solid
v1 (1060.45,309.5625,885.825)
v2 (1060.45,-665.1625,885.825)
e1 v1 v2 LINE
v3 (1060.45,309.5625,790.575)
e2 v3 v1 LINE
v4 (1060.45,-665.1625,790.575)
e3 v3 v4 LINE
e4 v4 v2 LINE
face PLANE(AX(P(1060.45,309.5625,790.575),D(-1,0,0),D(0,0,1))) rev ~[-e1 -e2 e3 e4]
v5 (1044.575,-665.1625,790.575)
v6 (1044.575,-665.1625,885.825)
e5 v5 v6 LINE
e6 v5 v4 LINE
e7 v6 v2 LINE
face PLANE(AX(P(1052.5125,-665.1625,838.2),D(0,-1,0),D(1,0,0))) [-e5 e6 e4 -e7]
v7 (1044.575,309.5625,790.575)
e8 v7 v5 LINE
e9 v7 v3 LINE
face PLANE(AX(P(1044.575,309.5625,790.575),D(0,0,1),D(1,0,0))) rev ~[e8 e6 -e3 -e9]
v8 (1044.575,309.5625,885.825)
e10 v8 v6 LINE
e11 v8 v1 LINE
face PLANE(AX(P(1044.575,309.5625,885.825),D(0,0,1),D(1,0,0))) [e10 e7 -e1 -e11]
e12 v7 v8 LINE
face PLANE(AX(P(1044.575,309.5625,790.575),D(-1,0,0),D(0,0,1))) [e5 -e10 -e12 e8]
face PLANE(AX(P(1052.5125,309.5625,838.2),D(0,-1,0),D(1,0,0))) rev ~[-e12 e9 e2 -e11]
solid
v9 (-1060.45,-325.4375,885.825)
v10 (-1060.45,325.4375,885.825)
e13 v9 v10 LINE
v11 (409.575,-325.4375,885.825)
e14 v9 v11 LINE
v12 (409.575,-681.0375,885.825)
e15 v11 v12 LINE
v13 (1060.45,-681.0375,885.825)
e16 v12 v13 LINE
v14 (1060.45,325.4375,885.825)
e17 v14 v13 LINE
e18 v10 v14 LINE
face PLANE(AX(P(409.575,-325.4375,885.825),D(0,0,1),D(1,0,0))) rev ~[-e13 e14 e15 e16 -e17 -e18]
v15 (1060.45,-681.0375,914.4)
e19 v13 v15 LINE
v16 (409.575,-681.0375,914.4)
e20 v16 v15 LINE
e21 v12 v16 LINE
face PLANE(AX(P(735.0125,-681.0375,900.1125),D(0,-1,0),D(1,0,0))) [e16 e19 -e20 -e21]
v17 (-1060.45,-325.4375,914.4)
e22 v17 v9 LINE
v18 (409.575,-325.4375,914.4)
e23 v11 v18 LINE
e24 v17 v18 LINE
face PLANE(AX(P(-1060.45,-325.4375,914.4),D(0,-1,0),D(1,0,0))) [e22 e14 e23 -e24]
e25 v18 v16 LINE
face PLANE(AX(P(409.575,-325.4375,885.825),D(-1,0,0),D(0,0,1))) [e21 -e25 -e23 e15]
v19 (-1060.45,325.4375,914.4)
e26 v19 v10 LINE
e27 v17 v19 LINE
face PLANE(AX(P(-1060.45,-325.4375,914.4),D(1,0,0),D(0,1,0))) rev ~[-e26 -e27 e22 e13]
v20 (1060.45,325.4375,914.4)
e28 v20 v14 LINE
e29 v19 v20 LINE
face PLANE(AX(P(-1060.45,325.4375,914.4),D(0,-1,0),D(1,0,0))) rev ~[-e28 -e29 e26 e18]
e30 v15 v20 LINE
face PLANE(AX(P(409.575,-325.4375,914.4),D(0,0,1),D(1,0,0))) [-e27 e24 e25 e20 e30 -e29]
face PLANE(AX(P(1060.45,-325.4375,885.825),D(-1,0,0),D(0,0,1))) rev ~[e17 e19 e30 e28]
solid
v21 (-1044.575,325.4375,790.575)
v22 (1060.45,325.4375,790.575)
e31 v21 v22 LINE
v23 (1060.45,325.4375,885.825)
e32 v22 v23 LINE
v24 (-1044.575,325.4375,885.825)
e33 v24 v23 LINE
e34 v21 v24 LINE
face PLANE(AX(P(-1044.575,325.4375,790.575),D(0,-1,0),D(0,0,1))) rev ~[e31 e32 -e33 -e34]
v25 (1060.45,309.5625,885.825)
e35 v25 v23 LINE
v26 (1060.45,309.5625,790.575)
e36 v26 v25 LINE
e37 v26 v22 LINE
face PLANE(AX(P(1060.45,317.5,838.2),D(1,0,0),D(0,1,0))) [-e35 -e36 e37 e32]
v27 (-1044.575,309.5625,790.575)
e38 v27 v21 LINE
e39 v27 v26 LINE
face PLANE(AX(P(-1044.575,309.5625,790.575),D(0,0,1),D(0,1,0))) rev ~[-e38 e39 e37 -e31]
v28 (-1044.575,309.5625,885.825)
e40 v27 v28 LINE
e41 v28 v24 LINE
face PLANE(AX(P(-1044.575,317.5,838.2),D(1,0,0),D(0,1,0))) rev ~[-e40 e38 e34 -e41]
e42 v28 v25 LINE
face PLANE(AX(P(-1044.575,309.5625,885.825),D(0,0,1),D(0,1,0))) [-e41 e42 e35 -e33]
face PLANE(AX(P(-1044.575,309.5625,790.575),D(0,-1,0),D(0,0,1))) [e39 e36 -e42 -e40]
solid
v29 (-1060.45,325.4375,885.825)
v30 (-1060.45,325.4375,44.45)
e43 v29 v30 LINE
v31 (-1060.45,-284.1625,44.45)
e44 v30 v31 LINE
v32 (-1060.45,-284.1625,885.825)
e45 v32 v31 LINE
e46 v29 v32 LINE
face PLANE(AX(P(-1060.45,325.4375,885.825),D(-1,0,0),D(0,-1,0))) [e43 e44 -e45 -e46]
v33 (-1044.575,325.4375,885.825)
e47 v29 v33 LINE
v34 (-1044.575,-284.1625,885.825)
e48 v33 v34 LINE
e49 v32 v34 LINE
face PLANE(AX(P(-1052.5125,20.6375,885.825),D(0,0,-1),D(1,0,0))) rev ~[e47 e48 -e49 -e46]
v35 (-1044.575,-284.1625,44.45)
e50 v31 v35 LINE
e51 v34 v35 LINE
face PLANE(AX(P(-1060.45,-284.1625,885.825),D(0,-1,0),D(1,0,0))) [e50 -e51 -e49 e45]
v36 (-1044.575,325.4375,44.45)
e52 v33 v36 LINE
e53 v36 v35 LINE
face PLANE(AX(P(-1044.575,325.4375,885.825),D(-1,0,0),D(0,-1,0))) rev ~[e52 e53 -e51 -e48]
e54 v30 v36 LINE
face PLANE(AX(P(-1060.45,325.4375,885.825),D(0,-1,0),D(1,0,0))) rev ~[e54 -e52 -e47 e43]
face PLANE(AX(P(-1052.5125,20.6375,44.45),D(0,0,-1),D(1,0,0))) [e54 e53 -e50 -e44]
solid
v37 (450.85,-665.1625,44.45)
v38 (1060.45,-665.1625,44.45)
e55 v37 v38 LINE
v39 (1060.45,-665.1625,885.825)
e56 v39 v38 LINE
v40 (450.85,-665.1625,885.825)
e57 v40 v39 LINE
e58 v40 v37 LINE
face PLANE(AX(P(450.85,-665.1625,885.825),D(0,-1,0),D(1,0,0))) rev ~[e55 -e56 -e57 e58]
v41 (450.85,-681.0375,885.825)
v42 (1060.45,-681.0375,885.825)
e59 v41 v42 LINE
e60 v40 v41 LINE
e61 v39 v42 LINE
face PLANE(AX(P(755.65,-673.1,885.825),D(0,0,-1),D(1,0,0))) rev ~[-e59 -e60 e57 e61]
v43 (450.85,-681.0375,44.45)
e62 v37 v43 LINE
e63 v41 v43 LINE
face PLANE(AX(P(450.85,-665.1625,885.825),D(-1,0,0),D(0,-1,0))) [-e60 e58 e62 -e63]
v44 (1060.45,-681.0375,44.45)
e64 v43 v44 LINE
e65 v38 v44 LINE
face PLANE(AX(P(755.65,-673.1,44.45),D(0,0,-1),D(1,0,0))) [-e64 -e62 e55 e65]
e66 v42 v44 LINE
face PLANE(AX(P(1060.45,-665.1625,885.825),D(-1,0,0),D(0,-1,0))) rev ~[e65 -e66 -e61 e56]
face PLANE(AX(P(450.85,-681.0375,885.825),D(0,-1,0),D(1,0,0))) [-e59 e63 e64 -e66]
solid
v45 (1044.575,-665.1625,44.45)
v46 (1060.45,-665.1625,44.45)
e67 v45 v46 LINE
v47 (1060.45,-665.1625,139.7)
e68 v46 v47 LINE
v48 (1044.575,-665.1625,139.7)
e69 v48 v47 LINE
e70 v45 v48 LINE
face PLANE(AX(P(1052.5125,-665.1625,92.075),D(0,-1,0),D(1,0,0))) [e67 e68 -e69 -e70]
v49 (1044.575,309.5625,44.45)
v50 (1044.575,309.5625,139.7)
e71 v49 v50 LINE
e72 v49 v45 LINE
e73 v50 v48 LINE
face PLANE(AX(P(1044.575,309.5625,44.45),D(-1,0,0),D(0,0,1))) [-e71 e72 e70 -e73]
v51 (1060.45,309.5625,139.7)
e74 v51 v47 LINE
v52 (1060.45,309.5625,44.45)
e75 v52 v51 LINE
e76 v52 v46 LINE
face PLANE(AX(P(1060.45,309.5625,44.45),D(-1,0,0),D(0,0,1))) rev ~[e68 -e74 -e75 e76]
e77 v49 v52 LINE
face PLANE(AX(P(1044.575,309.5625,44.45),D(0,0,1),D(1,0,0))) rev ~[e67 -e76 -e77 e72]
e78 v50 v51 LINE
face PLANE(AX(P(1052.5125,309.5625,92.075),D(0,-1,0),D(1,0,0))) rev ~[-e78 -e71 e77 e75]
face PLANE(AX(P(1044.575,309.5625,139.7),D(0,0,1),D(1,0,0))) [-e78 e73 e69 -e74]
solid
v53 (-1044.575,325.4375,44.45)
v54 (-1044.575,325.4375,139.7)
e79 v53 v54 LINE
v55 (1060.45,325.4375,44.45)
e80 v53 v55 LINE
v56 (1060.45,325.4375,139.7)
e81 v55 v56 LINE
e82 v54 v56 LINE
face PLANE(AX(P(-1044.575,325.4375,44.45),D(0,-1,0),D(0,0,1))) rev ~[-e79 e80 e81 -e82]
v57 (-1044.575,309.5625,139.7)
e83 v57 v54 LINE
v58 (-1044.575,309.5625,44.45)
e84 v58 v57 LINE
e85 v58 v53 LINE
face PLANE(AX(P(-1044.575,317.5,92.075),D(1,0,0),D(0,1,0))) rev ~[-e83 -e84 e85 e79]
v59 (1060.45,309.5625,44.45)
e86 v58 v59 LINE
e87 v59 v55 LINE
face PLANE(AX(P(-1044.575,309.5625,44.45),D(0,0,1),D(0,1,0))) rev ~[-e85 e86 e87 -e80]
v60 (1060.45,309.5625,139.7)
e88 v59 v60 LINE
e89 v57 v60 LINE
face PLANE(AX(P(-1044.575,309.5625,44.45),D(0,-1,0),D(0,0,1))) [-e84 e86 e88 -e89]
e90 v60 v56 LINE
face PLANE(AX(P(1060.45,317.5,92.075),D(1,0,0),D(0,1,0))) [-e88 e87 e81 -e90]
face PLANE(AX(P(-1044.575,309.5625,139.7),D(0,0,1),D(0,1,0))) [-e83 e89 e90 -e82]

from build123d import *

# Parameters (mm, degrees)
F1_W      = 2120.9
F1_H      = 650.875
F2_DEPTH  = 28.575
F3_W      = 650.875
F3_H      = 28.575
F4_DEPTH  = 355.6
F5_W      = 15.875
F5_H      = 609.6
F6_DEPTH  = 841.375
F7_W      = 609.6
F7_H      = 15.875
F8_DEPTH  = 841.375
F9_W      = 15.875
F9_H      = 95.25
F10_DEPTH = 2105.025
F11_W     = 15.875
F11_H     = 95.25
F12_DEPTH = 2105.025
F13_W     = 15.875
F13_H     = 95.25
F14_DEPTH = 974.725
F15_W     = 15.875
F15_H     = 95.25
F16_DEPTH = 974.725


with BuildPart() as f2:
    # F1 (on offset) → F2 (new body)
    with BuildSketch(Plane.XY.offset(914.4)):
        Rectangle(F1_W, F1_H)
    extrude(amount=-F2_DEPTH)

    # F3 (on face) → F4 (join)
    with BuildSketch(Plane.XZ.offset(325.4375)):
        with Locations((735.0125, 900.1125)):
            Rectangle(F3_W, F3_H)
    extrude(amount=F4_DEPTH)


with BuildPart() as f6:
    # F5 (on face) → F6 (new body)
    with BuildSketch(Plane(origin=(0, 0, 885.825), x_dir=(1, 0, 0), z_dir=(0, 0, -1))):
        with Locations((-1052.5125, -20.6375)):
            Rectangle(F5_W, F5_H)
    extrude(amount=F6_DEPTH)


with BuildPart() as f8:
    # F7 (on face) → F8 (new body)
    with BuildSketch(Plane(origin=(0, 0, 885.825), x_dir=(1, 0, 0), z_dir=(0, 0, -1))):
        with Locations((755.65, 673.1)):
            Rectangle(F7_W, F7_H)
    extrude(amount=F8_DEPTH)


with BuildPart() as f10:
    # F9 (on face) → F10 (new body)
    with BuildSketch(Plane.YZ.offset(-1044.575)):
        with Locations((317.5, 838.2)):
            Rectangle(F9_W, F9_H)
    extrude(amount=F10_DEPTH)


with BuildPart() as f12:
    # F11 (on face) → F12 (new body)
    with BuildSketch(Plane.YZ.offset(-1044.575)):
        with Locations((317.5, 92.075)):
            Rectangle(F11_W, F11_H)
    extrude(amount=F12_DEPTH)


with BuildPart() as f14:
    # F13 (on face) → F14 (new body)
    with BuildSketch(Plane.XZ.offset(-309.5625)):
        with Locations((1052.5125, 92.075)):
            Rectangle(F13_W, F13_H)
    extrude(amount=F14_DEPTH)


with BuildPart() as f16:
    # F15 (on face) → F16 (new body)
    with BuildSketch(Plane.XZ.offset(-309.5625)):
        with Locations((1052.5125, 838.2)):
            Rectangle(F15_W, F15_H)
    extrude(amount=F16_DEPTH)


solid = Compound([f2.part, f6.part, f8.part, f10.part, f12.part, f14.part, f16.part])
